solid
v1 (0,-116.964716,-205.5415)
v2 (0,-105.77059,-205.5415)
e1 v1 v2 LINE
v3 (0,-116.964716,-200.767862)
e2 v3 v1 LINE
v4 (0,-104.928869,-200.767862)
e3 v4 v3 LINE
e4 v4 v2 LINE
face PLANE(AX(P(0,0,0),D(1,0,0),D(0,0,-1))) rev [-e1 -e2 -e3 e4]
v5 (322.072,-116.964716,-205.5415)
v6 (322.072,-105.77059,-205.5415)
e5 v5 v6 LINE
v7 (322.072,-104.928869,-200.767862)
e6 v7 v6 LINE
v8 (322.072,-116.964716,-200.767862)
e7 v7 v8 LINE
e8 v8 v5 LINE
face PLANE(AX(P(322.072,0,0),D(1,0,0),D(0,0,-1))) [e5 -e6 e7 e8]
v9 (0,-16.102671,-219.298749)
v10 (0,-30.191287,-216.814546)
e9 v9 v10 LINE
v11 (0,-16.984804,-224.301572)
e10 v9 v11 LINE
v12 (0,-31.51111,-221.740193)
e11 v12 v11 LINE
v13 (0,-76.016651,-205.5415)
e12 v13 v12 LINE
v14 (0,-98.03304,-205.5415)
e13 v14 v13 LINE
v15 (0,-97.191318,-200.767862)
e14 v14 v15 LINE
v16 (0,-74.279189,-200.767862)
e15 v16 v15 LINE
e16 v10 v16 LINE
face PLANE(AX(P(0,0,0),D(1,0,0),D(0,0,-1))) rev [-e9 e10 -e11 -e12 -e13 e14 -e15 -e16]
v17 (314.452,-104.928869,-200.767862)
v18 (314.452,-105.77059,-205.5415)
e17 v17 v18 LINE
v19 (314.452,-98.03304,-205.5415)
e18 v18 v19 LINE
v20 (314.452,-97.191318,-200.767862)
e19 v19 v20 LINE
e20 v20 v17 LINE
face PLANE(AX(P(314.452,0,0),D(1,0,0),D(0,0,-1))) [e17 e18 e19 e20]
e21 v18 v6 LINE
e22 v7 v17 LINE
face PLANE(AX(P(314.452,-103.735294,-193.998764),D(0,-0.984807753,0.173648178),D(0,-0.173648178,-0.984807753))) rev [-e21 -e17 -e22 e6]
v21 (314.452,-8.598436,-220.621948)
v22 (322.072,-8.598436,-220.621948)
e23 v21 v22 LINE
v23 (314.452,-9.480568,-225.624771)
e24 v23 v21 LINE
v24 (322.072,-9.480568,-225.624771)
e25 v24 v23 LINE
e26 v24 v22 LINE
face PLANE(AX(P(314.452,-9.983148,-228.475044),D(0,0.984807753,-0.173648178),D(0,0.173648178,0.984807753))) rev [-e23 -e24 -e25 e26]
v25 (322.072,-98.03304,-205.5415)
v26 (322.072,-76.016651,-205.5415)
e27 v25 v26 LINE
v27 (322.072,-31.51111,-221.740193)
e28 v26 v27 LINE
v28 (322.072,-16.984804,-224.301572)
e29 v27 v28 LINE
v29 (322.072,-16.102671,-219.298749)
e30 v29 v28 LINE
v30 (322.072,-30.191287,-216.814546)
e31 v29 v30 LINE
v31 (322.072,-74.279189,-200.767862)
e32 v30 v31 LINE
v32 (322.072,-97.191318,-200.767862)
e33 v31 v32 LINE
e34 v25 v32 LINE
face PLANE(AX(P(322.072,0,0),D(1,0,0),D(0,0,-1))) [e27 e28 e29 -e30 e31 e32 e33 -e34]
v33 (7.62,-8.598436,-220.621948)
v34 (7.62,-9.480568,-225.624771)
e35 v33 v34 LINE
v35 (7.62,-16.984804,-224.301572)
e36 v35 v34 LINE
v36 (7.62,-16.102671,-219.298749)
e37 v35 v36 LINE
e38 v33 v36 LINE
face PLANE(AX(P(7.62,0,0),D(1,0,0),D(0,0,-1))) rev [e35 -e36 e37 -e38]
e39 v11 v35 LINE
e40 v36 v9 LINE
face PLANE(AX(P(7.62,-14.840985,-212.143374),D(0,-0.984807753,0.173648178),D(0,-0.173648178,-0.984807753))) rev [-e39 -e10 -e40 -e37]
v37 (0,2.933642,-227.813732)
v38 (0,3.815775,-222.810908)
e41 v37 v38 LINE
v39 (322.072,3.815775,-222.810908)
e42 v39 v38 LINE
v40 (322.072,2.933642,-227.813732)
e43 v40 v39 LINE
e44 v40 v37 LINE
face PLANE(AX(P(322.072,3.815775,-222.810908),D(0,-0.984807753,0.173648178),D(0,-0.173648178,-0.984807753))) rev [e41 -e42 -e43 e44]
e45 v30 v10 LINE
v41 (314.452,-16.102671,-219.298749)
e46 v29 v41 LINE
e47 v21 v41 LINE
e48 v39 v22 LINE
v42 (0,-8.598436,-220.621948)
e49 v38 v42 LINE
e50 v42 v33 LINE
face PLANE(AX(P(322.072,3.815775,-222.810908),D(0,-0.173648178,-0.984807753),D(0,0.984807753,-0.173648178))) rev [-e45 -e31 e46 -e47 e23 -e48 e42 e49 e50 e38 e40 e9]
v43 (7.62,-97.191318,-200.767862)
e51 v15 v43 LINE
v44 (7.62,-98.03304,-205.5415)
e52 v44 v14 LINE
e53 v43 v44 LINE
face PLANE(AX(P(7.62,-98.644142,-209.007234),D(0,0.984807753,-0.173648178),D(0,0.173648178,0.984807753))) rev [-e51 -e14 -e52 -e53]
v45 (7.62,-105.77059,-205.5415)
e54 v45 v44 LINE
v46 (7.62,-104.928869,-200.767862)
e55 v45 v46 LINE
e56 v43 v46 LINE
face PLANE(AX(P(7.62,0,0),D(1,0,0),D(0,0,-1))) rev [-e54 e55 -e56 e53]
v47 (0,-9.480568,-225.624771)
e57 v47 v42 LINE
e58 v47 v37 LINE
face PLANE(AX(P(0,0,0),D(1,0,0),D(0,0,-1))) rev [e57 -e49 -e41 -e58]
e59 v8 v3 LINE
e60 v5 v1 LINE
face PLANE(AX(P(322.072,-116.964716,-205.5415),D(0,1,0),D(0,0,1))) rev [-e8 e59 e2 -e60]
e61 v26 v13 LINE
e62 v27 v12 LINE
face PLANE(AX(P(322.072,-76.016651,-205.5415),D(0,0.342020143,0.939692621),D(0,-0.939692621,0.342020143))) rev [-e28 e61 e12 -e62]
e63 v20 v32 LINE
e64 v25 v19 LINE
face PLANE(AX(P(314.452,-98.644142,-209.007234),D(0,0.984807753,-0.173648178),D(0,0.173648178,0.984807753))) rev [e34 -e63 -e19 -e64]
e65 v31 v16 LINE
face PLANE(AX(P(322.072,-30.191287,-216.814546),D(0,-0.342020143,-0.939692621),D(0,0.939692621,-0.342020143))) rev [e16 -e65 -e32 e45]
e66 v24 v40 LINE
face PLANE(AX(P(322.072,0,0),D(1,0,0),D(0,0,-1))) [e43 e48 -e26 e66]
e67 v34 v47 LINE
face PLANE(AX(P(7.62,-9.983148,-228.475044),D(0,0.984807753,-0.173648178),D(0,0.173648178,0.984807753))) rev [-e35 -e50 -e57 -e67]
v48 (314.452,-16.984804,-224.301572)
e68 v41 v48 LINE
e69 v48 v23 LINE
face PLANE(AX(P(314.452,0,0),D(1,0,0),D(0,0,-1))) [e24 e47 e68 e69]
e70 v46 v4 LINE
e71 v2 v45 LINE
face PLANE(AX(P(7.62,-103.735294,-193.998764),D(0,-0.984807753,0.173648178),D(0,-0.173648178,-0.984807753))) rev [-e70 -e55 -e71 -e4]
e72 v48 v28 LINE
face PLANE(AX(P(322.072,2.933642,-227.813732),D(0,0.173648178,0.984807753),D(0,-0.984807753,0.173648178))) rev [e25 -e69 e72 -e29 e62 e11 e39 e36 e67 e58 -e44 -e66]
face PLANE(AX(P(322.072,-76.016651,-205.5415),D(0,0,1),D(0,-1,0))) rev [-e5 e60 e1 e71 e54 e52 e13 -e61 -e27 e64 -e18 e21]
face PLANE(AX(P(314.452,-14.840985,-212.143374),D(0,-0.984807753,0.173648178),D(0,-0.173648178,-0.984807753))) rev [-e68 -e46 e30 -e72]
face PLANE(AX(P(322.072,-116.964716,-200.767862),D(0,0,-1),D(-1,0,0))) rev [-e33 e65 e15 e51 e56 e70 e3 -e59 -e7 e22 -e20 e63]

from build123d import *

# Parameters (mm, degrees)
BOSS_EXTRUDE1_DEPTH = 322.072
CUT_EXTRUDE7_DEPTH  = 7.62
CUT_EXTRUDE8_DEPTH  = 7.62


with BuildPart() as part:
    # Sketch1 → Boss-Extrude1 (new body)
    with BuildSketch(Plane(origin=(0, 0, 0), x_dir=(0, 0, -1), z_dir=(1, 0, 0))):
        Polygon((222.810908306, 3.815774726), (227.813731692, 2.933641983), (221.740192501, -31.511110409), (205.541500449, -76.016651046), (205.541500449, -116.964716492), (200.767861936, -116.964716492), (200.767861936, -74.279188718), (216.814545731, -30.191287334), align=None)
    extrude(amount=BOSS_EXTRUDE1_DEPTH)

    # Sketch9 → Cut-Extrude7 (cut)
    with BuildSketch(Plane.ZY):
        Polygon((-228.475043657, -9.983148353), (-213.466573501, -7.336750125), (-212.143374387, -14.840985203), (-227.151844543, -17.487383431), align=None)
        Polygon((-209.00723387, -98.644141931), (-193.998763714, -95.997743703), (-193.998763714, -103.735294485), (-207.684034756, -106.148377008), align=None)
    extrude(amount=-CUT_EXTRUDE7_DEPTH, mode=Mode.SUBTRACT)

    # Sketch10 → Cut-Extrude8 (cut)
    with BuildSketch(Plane(origin=(322.072, 0, 0), x_dir=(0, 0, -1), z_dir=(1, 0, 0))):
        Polygon((228.475043657, -9.983148353), (213.466573501, -7.336750125), (212.143374387, -14.840985203), (227.151844543, -17.487383431), align=None)
        Polygon((193.998763714, -103.735294485), (207.684034756, -106.148377008), (209.00723387, -98.644141931), (193.998763714, -95.997743703), align=None)
    extrude(amount=-CUT_EXTRUDE8_DEPTH, mode=Mode.SUBTRACT)


solid = part.part
